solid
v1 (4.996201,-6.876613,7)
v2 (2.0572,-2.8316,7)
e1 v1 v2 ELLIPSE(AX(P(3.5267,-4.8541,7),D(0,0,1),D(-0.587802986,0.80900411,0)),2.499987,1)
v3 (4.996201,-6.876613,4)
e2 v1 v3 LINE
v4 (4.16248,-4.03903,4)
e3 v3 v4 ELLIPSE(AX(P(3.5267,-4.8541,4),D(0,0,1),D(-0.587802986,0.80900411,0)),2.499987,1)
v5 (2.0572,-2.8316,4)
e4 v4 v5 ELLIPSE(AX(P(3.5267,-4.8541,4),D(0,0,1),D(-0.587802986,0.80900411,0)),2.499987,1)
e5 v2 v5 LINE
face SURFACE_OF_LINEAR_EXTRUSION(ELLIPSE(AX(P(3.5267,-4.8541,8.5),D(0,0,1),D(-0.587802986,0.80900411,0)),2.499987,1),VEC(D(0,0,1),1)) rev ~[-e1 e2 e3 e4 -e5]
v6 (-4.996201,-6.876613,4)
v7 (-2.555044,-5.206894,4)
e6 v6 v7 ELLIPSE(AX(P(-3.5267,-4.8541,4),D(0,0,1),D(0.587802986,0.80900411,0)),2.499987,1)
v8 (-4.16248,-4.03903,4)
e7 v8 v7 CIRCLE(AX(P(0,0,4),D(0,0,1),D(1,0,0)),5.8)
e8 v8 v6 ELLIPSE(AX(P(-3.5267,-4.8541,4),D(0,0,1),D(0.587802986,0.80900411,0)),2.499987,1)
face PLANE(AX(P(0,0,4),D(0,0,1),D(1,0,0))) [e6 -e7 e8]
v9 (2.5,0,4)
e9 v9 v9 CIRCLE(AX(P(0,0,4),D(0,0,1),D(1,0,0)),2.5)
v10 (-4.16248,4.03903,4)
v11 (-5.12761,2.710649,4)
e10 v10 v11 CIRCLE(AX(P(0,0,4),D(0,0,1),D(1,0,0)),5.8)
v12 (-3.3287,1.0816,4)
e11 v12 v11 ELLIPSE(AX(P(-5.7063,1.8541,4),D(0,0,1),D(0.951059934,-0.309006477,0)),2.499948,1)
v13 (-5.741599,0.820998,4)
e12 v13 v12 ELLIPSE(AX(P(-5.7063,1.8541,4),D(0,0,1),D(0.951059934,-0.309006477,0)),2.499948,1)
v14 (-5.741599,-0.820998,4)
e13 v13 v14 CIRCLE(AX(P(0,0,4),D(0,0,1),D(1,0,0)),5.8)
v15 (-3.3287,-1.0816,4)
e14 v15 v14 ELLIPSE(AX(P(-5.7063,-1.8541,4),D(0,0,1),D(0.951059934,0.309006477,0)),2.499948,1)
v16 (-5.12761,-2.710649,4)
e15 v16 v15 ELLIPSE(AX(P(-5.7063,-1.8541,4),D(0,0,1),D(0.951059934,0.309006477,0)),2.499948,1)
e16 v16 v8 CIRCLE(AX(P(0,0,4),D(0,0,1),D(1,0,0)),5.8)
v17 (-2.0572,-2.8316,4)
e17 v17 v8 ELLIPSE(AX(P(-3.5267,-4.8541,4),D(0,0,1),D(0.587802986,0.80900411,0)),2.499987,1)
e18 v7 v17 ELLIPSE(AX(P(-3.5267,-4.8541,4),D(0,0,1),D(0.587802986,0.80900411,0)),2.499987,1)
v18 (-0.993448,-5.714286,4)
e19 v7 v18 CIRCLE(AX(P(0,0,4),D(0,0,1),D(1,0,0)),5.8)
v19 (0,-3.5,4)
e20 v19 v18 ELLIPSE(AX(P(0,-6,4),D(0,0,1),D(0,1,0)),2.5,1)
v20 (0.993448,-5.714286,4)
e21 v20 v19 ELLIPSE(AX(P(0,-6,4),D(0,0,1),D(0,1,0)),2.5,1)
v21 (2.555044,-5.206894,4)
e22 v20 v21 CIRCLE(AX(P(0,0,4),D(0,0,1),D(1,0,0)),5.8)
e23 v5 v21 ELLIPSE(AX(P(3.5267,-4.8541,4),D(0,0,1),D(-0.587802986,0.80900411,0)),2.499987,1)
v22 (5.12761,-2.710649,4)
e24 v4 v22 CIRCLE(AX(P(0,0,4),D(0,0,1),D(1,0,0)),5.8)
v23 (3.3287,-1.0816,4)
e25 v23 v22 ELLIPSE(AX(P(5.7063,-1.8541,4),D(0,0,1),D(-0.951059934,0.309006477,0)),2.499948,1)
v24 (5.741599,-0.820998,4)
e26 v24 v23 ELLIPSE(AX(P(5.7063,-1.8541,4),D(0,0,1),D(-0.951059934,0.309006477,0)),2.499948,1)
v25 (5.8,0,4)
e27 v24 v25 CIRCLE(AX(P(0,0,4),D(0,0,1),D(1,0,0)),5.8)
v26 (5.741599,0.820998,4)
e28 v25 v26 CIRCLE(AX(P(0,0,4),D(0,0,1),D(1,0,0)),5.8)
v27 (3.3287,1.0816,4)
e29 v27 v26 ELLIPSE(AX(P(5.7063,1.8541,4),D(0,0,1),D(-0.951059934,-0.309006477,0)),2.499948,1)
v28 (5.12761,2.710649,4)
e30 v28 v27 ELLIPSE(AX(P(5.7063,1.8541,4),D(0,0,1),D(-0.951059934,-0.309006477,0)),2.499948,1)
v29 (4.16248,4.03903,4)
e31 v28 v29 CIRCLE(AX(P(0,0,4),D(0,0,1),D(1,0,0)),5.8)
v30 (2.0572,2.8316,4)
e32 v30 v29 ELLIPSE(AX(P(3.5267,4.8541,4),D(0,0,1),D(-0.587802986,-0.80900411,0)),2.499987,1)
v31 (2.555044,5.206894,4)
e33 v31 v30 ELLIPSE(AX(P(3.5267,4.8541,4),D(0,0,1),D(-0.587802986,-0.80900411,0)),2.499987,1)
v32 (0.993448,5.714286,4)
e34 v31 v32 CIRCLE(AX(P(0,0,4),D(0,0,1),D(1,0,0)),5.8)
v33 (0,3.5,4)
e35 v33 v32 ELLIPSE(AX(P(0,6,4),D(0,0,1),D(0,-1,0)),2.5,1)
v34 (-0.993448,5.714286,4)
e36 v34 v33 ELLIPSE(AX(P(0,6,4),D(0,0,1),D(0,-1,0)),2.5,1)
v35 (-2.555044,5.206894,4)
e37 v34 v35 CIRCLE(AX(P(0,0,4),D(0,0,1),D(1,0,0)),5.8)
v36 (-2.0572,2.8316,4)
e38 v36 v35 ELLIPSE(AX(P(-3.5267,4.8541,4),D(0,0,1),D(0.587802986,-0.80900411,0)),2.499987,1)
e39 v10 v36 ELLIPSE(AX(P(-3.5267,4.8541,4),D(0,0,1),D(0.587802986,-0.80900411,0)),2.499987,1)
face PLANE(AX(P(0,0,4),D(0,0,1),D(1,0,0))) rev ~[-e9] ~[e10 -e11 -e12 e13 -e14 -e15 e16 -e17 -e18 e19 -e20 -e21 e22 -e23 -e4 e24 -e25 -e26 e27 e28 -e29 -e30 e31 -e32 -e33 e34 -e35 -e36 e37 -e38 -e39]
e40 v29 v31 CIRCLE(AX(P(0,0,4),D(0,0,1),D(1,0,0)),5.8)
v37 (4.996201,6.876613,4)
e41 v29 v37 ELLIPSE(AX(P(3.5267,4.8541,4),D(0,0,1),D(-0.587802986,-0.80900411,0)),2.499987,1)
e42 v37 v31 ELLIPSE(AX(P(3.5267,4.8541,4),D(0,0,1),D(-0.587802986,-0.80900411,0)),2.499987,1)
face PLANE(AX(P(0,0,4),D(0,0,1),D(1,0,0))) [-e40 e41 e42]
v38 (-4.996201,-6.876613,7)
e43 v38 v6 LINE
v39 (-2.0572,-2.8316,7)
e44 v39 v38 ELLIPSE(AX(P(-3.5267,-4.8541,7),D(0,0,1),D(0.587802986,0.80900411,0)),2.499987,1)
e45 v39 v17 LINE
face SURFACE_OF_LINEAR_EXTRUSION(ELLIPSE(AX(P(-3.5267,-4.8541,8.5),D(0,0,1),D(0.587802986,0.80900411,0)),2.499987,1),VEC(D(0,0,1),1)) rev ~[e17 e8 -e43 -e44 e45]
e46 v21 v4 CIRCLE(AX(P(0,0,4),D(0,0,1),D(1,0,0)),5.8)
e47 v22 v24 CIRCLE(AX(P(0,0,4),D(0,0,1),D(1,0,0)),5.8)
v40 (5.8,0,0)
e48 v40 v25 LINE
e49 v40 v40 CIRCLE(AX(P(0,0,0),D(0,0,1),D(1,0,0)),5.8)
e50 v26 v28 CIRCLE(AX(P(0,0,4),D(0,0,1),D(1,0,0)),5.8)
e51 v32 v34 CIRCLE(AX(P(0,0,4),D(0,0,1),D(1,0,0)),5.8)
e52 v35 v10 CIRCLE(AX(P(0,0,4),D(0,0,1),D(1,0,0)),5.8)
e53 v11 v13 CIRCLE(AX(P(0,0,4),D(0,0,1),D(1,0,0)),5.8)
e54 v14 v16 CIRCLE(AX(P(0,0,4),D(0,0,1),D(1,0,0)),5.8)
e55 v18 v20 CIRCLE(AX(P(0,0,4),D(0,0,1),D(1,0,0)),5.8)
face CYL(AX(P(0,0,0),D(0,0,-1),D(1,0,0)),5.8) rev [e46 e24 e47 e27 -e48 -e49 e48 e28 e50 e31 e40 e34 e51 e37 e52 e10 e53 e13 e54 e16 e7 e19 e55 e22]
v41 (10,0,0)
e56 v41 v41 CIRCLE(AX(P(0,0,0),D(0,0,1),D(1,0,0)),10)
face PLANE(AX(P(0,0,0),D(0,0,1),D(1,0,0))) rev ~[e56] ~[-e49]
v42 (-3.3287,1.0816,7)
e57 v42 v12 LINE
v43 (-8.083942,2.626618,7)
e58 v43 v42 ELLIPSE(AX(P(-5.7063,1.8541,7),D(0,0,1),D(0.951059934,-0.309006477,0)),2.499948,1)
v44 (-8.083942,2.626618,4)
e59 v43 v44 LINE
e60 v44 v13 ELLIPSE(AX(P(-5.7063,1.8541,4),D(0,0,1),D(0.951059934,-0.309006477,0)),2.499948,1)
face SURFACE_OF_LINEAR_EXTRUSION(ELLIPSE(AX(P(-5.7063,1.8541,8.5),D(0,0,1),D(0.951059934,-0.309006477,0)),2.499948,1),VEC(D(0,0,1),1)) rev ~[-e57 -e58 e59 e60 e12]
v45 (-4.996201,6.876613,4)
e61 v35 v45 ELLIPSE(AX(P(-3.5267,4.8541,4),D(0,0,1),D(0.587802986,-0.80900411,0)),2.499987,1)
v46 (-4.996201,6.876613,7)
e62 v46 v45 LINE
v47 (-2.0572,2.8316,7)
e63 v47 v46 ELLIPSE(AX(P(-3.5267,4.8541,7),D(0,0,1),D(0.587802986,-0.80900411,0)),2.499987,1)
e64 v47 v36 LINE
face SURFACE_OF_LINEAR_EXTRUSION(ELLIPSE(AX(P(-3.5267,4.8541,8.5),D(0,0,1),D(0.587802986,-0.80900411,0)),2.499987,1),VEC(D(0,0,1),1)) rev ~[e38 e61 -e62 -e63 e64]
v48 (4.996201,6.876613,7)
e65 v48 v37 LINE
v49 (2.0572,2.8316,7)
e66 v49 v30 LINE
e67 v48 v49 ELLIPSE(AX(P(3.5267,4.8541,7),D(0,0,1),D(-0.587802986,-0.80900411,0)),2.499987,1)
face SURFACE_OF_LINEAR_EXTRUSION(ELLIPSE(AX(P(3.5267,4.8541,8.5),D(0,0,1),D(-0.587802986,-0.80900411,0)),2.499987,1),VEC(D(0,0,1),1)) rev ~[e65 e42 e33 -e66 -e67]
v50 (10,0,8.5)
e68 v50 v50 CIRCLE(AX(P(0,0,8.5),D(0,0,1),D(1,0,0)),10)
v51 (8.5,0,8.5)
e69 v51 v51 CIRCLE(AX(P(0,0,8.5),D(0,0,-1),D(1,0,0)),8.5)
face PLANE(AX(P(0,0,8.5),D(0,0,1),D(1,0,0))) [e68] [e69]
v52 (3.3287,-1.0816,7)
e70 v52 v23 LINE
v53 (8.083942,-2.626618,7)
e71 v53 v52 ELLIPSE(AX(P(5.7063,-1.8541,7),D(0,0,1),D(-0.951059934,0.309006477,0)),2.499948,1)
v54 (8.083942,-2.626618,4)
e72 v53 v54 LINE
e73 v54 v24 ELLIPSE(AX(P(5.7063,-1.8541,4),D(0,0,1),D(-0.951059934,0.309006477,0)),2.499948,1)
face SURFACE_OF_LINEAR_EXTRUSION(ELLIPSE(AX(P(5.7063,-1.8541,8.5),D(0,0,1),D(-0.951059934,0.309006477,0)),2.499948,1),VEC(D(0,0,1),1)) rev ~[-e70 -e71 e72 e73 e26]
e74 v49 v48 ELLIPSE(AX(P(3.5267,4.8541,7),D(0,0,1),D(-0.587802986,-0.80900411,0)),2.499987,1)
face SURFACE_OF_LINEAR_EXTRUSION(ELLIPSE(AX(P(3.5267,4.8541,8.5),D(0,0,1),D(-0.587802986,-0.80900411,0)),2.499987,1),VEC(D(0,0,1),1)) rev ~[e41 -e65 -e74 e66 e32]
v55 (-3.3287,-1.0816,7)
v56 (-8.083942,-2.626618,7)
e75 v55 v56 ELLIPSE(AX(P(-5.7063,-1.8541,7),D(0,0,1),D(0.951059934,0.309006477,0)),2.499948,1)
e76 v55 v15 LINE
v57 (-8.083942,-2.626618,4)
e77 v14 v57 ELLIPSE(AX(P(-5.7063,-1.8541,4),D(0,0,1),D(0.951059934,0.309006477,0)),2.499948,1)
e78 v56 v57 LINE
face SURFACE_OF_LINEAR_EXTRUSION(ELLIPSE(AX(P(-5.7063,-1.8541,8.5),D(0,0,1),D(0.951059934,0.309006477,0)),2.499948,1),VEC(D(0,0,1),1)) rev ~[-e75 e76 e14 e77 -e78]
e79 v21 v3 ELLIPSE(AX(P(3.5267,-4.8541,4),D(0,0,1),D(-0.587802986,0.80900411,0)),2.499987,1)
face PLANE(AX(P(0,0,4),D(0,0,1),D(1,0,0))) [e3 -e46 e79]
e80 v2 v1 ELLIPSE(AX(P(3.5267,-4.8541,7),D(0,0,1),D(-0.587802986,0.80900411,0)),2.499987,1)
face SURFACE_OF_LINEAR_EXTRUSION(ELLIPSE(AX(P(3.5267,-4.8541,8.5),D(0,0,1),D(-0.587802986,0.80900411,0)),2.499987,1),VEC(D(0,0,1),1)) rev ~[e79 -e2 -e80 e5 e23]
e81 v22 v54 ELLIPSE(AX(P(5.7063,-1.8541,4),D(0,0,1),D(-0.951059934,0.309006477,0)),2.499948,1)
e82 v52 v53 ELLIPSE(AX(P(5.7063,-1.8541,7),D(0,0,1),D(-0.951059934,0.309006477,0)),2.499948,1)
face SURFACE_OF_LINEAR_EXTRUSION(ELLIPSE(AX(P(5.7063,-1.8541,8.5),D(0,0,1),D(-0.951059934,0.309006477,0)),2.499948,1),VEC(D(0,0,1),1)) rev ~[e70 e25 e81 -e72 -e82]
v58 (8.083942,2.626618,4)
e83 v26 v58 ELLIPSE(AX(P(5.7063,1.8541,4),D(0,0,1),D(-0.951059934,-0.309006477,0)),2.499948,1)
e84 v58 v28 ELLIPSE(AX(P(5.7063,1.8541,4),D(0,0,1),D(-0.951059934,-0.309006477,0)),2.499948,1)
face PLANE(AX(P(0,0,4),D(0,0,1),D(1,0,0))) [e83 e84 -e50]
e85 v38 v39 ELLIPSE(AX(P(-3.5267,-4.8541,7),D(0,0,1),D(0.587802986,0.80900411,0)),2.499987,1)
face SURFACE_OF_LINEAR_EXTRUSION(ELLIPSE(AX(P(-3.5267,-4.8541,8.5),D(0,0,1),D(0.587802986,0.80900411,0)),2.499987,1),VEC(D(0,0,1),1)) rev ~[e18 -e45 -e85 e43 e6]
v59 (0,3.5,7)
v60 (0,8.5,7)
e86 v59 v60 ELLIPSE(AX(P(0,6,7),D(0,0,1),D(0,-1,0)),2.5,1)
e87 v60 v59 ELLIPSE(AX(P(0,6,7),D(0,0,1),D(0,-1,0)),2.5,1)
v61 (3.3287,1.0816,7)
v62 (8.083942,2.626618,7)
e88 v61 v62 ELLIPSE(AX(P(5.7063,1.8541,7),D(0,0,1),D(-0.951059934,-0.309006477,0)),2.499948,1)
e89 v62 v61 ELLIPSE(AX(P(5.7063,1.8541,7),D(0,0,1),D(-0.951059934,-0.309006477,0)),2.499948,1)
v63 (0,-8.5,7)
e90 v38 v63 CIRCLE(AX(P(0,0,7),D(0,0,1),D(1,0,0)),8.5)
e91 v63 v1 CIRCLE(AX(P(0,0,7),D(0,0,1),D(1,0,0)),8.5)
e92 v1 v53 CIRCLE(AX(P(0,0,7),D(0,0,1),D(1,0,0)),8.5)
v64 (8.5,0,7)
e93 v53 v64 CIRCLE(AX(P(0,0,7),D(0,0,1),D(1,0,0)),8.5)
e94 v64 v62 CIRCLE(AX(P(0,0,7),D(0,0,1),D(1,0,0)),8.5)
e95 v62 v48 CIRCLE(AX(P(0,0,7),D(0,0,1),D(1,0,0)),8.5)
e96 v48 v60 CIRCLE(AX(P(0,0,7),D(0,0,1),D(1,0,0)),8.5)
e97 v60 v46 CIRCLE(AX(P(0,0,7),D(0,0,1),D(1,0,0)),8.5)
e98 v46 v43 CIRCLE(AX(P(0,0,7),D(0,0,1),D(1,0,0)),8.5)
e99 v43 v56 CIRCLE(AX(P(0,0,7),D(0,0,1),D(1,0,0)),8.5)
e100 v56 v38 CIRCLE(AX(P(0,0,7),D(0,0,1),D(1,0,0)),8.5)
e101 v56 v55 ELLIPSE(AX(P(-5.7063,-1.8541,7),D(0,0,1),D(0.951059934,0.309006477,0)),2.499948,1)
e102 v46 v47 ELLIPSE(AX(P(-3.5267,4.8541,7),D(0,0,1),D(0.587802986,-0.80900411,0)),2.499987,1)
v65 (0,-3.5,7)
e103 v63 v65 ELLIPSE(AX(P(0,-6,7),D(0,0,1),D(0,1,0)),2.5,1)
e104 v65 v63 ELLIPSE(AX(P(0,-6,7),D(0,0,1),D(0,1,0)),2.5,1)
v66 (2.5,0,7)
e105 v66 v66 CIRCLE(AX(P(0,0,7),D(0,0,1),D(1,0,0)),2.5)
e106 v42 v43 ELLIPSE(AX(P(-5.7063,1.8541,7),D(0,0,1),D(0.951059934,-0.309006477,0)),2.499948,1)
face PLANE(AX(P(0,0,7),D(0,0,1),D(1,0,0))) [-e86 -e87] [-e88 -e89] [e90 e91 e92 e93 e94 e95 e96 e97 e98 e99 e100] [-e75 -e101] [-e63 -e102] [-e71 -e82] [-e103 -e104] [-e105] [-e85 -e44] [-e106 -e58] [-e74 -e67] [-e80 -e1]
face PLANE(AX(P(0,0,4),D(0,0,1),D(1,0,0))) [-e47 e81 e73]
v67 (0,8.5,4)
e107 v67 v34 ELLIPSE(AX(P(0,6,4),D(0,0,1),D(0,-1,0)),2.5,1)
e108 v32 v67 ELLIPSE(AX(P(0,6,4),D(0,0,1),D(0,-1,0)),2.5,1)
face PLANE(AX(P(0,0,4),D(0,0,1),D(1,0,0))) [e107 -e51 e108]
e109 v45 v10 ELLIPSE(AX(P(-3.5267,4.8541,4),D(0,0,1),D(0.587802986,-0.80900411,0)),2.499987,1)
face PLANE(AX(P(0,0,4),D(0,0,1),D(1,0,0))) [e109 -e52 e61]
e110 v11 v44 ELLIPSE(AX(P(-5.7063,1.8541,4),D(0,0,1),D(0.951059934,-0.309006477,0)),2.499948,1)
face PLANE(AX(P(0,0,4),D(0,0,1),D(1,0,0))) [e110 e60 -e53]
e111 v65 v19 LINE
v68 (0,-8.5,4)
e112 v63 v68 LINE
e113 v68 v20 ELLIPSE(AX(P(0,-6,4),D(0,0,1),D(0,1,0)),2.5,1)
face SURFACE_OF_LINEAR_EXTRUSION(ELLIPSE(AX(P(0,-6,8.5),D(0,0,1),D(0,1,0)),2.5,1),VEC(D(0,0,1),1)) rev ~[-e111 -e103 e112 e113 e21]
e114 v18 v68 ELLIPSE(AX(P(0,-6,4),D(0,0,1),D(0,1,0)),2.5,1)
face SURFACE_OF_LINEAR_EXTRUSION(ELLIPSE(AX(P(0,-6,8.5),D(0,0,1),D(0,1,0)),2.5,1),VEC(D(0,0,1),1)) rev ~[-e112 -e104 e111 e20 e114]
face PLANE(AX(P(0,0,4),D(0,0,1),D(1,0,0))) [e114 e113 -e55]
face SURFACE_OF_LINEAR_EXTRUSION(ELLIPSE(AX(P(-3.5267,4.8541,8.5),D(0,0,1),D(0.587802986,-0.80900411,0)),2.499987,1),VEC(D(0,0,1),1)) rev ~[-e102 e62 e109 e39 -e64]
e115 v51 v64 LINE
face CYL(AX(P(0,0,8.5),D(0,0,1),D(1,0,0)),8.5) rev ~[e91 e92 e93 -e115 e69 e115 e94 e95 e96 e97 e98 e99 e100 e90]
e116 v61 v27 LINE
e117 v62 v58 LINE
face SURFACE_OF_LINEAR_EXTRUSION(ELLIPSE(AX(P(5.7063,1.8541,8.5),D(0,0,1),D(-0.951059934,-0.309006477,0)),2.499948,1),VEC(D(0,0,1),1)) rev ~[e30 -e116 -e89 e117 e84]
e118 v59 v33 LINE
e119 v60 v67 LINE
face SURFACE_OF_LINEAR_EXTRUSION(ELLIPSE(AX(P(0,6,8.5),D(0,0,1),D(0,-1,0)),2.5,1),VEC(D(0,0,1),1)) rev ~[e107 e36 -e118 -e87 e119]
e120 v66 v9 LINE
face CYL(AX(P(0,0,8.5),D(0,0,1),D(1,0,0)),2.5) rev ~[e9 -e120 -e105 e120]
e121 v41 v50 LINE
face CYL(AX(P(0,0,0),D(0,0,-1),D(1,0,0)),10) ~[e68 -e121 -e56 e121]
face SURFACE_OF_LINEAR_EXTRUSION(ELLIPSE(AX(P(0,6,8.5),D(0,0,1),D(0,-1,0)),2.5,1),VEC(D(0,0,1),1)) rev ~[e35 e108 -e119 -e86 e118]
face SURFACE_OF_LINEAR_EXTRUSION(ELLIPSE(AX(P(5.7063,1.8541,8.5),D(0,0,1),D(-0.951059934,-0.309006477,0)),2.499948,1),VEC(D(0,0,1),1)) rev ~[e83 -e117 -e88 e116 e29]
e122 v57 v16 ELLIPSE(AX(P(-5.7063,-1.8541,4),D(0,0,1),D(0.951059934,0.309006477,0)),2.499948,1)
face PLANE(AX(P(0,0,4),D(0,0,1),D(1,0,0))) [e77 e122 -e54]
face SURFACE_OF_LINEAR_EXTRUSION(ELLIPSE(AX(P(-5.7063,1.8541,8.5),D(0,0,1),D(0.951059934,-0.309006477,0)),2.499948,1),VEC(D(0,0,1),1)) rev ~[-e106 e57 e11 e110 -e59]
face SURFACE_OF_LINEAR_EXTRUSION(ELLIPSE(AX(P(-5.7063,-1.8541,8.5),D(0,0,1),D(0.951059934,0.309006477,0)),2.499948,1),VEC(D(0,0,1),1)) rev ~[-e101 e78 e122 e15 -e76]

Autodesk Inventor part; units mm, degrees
ref_plane "YZ Plane" through (0, 0, 0) normal (1, 0, 0) x (0, 1, 0)
ref_plane "XZ Plane" through (0, 0, 0) normal (0, 1, 0) x (-1, 0, 0)
ref_plane "XY Plane" through (0, 0, 0) normal (0, 0, 1) x (1, 0, 0)
sketch "スケッチ1" plane through (0, 0, 0) normal (0, 0, 1) x (1, 0, 0)
  circle A0 centre (0, 0) radius 10
  circle A1 centre (0, 0) radius 5.8
  dimension "d0" = 20
  dimension "d1" = 11.6
extrude "押し出し1" add sketch "スケッチ1" along normal blind 8.5 contours A0 | A1
extrude "押し出し2" cut sketch "スケッチ1" along normal blind 4 contours A1
sketch "スケッチ2" plane through (0, 0, 8.5) normal (0, 0, 1) x (1, 0, 0)
  circle A0 centre (0, 0) radius 6 construction
  ellipse E0 centre (0, 6) end of major axis (0, 3.5) minor radius 1
  ellipse E1 centre (-3.5267, 4.8541) end of major axis (-2.0572, 2.8316) minor radius 1
  circle A1 centre (0, 0) radius 6 construction
  ellipse E2 centre (-5.7063, 1.8541) end of major axis (-3.3287, 1.0816) minor radius 1
  circle A2 centre (0, 0) radius 6 construction
  ellipse E3 centre (-5.7063, -1.8541) end of major axis (-3.3287, -1.0816) minor radius 1
  circle A3 centre (0, 0) radius 6 construction
  ellipse E4 centre (-3.5267, -4.8541) end of major axis (-2.0572, -2.8316) minor radius 1
  circle A4 centre (0, 0) radius 6 construction
  ellipse E5 centre (0, -6) end of major axis (0, -3.5) minor radius 1
  circle A5 centre (0, 0) radius 6 construction
  ellipse E6 centre (3.5267, -4.8541) end of major axis (2.0572, -2.8316) minor radius 1
  circle A6 centre (0, 0) radius 6 construction
  ellipse E7 centre (5.7063, -1.8541) end of major axis (3.3287, -1.0816) minor radius 1
  circle A7 centre (0, 0) radius 6 construction
  ellipse E8 centre (5.7063, 1.8541) end of major axis (3.3287, 1.0816) minor radius 1
  circle A8 centre (0, 0) radius 6 construction
  ellipse E9 centre (3.5267, 4.8541) end of major axis (2.0572, 2.8316) minor radius 1
  circle A9 centre (0, 0) radius 6 construction
  circle A10 centre (0, 0) radius 2.5
  circle A11 centre (0, 0) radius 8.5
  dimension "d9" = 1
  dimension "d10" = 2.5
  dimension "d6" = 12
  dimension "d7" = 6
  dimension "d8" = 0
  dimension "d13" = 360
  dimension "d15" = 5
  dimension "d16" = 17
extrude "押し出し3" cut sketch "スケッチ2" against normal blind 4.5 contours E0 | E1 | E2 | E3 | E4 | E5 | E6 | E7 | E8 | E9 | A10
extrude "押し出し4" cut sketch "スケッチ2" against normal blind 1.5
sketch "表" plane through (0, 0, 8.5) normal (0, 0, 1) x (1, 0, 0)
  circle A0 centre (0, 0) radius 2.5 projected
  arc A1 (4.9962, 6.8766) -> (0, 8.5) centre (0, 0) ccw projected
  ellipse E0 centre (0, 6) end of major axis (0, 8.5) minor radius 1 projected
  arc A2 (0, 8.5) -> (-4.9962, 6.8766) centre (0, 0) ccw projected
  ellipse E1 centre (-3.5267, 4.8541) end of major axis (-4.9962, 6.8766) minor radius 1 projected
  arc A3 (-4.9962, 6.8766) -> (-8.084, 2.6266) centre (0, 0) ccw projected
  ellipse E2 centre (-5.7063, 1.8541) end of major axis (-8.084, 2.6266) minor radius 1 projected
  arc A4 (-8.084, 2.6266) -> (-8.084, -2.6266) centre (0, 0) ccw projected
  ellipse E3 centre (-5.7063, -1.8541) end of major axis (-8.084, -2.6266) minor radius 1 projected
  arc A5 (-8.084, -2.6266) -> (-4.9962, -6.8766) centre (0, 0) ccw projected
  ellipse E4 centre (-3.5267, -4.8541) end of major axis (-4.9962, -6.8766) minor radius 1 projected
  arc A6 (-4.9962, -6.8766) -> (0, -8.5) centre (0, 0) ccw projected
  ellipse E5 centre (0, -6) end of major axis (0, -8.5) minor radius 1 projected
  arc A7 (0, -8.5) -> (4.9962, -6.8766) centre (0, 0) ccw projected
  ellipse E6 centre (3.5267, -4.8541) end of major axis (4.9962, -6.8766) minor radius 1 projected
  arc A8 (4.9962, -6.8766) -> (8.084, -2.6266) centre (0, 0) ccw projected
  ellipse E7 centre (5.7063, -1.8541) end of major axis (8.084, -2.6266) minor radius 1 projected
  arc A9 (8.084, -2.6266) -> (8.084, 2.6266) centre (0, 0) ccw projected
  ellipse E8 centre (5.7063, 1.8541) end of major axis (8.084, 2.6266) minor radius 1 projected
  arc A10 (8.084, 2.6266) -> (4.9962, 6.8766) centre (0, 0) ccw projected
  ellipse E9 centre (3.5267, 4.8541) end of major axis (4.9962, 6.8766) minor radius 1 projected
  circle A11 centre (0, 0) radius 10 projected
sketch "裏" plane through (0, 0, 0) normal (0, 0, -1) x (-1, 0, 0)
  circle A0 centre (0, 0) radius 5.8 projected
  circle A1 centre (0, 0) radius 10 projected
properties part number "Wheel"
